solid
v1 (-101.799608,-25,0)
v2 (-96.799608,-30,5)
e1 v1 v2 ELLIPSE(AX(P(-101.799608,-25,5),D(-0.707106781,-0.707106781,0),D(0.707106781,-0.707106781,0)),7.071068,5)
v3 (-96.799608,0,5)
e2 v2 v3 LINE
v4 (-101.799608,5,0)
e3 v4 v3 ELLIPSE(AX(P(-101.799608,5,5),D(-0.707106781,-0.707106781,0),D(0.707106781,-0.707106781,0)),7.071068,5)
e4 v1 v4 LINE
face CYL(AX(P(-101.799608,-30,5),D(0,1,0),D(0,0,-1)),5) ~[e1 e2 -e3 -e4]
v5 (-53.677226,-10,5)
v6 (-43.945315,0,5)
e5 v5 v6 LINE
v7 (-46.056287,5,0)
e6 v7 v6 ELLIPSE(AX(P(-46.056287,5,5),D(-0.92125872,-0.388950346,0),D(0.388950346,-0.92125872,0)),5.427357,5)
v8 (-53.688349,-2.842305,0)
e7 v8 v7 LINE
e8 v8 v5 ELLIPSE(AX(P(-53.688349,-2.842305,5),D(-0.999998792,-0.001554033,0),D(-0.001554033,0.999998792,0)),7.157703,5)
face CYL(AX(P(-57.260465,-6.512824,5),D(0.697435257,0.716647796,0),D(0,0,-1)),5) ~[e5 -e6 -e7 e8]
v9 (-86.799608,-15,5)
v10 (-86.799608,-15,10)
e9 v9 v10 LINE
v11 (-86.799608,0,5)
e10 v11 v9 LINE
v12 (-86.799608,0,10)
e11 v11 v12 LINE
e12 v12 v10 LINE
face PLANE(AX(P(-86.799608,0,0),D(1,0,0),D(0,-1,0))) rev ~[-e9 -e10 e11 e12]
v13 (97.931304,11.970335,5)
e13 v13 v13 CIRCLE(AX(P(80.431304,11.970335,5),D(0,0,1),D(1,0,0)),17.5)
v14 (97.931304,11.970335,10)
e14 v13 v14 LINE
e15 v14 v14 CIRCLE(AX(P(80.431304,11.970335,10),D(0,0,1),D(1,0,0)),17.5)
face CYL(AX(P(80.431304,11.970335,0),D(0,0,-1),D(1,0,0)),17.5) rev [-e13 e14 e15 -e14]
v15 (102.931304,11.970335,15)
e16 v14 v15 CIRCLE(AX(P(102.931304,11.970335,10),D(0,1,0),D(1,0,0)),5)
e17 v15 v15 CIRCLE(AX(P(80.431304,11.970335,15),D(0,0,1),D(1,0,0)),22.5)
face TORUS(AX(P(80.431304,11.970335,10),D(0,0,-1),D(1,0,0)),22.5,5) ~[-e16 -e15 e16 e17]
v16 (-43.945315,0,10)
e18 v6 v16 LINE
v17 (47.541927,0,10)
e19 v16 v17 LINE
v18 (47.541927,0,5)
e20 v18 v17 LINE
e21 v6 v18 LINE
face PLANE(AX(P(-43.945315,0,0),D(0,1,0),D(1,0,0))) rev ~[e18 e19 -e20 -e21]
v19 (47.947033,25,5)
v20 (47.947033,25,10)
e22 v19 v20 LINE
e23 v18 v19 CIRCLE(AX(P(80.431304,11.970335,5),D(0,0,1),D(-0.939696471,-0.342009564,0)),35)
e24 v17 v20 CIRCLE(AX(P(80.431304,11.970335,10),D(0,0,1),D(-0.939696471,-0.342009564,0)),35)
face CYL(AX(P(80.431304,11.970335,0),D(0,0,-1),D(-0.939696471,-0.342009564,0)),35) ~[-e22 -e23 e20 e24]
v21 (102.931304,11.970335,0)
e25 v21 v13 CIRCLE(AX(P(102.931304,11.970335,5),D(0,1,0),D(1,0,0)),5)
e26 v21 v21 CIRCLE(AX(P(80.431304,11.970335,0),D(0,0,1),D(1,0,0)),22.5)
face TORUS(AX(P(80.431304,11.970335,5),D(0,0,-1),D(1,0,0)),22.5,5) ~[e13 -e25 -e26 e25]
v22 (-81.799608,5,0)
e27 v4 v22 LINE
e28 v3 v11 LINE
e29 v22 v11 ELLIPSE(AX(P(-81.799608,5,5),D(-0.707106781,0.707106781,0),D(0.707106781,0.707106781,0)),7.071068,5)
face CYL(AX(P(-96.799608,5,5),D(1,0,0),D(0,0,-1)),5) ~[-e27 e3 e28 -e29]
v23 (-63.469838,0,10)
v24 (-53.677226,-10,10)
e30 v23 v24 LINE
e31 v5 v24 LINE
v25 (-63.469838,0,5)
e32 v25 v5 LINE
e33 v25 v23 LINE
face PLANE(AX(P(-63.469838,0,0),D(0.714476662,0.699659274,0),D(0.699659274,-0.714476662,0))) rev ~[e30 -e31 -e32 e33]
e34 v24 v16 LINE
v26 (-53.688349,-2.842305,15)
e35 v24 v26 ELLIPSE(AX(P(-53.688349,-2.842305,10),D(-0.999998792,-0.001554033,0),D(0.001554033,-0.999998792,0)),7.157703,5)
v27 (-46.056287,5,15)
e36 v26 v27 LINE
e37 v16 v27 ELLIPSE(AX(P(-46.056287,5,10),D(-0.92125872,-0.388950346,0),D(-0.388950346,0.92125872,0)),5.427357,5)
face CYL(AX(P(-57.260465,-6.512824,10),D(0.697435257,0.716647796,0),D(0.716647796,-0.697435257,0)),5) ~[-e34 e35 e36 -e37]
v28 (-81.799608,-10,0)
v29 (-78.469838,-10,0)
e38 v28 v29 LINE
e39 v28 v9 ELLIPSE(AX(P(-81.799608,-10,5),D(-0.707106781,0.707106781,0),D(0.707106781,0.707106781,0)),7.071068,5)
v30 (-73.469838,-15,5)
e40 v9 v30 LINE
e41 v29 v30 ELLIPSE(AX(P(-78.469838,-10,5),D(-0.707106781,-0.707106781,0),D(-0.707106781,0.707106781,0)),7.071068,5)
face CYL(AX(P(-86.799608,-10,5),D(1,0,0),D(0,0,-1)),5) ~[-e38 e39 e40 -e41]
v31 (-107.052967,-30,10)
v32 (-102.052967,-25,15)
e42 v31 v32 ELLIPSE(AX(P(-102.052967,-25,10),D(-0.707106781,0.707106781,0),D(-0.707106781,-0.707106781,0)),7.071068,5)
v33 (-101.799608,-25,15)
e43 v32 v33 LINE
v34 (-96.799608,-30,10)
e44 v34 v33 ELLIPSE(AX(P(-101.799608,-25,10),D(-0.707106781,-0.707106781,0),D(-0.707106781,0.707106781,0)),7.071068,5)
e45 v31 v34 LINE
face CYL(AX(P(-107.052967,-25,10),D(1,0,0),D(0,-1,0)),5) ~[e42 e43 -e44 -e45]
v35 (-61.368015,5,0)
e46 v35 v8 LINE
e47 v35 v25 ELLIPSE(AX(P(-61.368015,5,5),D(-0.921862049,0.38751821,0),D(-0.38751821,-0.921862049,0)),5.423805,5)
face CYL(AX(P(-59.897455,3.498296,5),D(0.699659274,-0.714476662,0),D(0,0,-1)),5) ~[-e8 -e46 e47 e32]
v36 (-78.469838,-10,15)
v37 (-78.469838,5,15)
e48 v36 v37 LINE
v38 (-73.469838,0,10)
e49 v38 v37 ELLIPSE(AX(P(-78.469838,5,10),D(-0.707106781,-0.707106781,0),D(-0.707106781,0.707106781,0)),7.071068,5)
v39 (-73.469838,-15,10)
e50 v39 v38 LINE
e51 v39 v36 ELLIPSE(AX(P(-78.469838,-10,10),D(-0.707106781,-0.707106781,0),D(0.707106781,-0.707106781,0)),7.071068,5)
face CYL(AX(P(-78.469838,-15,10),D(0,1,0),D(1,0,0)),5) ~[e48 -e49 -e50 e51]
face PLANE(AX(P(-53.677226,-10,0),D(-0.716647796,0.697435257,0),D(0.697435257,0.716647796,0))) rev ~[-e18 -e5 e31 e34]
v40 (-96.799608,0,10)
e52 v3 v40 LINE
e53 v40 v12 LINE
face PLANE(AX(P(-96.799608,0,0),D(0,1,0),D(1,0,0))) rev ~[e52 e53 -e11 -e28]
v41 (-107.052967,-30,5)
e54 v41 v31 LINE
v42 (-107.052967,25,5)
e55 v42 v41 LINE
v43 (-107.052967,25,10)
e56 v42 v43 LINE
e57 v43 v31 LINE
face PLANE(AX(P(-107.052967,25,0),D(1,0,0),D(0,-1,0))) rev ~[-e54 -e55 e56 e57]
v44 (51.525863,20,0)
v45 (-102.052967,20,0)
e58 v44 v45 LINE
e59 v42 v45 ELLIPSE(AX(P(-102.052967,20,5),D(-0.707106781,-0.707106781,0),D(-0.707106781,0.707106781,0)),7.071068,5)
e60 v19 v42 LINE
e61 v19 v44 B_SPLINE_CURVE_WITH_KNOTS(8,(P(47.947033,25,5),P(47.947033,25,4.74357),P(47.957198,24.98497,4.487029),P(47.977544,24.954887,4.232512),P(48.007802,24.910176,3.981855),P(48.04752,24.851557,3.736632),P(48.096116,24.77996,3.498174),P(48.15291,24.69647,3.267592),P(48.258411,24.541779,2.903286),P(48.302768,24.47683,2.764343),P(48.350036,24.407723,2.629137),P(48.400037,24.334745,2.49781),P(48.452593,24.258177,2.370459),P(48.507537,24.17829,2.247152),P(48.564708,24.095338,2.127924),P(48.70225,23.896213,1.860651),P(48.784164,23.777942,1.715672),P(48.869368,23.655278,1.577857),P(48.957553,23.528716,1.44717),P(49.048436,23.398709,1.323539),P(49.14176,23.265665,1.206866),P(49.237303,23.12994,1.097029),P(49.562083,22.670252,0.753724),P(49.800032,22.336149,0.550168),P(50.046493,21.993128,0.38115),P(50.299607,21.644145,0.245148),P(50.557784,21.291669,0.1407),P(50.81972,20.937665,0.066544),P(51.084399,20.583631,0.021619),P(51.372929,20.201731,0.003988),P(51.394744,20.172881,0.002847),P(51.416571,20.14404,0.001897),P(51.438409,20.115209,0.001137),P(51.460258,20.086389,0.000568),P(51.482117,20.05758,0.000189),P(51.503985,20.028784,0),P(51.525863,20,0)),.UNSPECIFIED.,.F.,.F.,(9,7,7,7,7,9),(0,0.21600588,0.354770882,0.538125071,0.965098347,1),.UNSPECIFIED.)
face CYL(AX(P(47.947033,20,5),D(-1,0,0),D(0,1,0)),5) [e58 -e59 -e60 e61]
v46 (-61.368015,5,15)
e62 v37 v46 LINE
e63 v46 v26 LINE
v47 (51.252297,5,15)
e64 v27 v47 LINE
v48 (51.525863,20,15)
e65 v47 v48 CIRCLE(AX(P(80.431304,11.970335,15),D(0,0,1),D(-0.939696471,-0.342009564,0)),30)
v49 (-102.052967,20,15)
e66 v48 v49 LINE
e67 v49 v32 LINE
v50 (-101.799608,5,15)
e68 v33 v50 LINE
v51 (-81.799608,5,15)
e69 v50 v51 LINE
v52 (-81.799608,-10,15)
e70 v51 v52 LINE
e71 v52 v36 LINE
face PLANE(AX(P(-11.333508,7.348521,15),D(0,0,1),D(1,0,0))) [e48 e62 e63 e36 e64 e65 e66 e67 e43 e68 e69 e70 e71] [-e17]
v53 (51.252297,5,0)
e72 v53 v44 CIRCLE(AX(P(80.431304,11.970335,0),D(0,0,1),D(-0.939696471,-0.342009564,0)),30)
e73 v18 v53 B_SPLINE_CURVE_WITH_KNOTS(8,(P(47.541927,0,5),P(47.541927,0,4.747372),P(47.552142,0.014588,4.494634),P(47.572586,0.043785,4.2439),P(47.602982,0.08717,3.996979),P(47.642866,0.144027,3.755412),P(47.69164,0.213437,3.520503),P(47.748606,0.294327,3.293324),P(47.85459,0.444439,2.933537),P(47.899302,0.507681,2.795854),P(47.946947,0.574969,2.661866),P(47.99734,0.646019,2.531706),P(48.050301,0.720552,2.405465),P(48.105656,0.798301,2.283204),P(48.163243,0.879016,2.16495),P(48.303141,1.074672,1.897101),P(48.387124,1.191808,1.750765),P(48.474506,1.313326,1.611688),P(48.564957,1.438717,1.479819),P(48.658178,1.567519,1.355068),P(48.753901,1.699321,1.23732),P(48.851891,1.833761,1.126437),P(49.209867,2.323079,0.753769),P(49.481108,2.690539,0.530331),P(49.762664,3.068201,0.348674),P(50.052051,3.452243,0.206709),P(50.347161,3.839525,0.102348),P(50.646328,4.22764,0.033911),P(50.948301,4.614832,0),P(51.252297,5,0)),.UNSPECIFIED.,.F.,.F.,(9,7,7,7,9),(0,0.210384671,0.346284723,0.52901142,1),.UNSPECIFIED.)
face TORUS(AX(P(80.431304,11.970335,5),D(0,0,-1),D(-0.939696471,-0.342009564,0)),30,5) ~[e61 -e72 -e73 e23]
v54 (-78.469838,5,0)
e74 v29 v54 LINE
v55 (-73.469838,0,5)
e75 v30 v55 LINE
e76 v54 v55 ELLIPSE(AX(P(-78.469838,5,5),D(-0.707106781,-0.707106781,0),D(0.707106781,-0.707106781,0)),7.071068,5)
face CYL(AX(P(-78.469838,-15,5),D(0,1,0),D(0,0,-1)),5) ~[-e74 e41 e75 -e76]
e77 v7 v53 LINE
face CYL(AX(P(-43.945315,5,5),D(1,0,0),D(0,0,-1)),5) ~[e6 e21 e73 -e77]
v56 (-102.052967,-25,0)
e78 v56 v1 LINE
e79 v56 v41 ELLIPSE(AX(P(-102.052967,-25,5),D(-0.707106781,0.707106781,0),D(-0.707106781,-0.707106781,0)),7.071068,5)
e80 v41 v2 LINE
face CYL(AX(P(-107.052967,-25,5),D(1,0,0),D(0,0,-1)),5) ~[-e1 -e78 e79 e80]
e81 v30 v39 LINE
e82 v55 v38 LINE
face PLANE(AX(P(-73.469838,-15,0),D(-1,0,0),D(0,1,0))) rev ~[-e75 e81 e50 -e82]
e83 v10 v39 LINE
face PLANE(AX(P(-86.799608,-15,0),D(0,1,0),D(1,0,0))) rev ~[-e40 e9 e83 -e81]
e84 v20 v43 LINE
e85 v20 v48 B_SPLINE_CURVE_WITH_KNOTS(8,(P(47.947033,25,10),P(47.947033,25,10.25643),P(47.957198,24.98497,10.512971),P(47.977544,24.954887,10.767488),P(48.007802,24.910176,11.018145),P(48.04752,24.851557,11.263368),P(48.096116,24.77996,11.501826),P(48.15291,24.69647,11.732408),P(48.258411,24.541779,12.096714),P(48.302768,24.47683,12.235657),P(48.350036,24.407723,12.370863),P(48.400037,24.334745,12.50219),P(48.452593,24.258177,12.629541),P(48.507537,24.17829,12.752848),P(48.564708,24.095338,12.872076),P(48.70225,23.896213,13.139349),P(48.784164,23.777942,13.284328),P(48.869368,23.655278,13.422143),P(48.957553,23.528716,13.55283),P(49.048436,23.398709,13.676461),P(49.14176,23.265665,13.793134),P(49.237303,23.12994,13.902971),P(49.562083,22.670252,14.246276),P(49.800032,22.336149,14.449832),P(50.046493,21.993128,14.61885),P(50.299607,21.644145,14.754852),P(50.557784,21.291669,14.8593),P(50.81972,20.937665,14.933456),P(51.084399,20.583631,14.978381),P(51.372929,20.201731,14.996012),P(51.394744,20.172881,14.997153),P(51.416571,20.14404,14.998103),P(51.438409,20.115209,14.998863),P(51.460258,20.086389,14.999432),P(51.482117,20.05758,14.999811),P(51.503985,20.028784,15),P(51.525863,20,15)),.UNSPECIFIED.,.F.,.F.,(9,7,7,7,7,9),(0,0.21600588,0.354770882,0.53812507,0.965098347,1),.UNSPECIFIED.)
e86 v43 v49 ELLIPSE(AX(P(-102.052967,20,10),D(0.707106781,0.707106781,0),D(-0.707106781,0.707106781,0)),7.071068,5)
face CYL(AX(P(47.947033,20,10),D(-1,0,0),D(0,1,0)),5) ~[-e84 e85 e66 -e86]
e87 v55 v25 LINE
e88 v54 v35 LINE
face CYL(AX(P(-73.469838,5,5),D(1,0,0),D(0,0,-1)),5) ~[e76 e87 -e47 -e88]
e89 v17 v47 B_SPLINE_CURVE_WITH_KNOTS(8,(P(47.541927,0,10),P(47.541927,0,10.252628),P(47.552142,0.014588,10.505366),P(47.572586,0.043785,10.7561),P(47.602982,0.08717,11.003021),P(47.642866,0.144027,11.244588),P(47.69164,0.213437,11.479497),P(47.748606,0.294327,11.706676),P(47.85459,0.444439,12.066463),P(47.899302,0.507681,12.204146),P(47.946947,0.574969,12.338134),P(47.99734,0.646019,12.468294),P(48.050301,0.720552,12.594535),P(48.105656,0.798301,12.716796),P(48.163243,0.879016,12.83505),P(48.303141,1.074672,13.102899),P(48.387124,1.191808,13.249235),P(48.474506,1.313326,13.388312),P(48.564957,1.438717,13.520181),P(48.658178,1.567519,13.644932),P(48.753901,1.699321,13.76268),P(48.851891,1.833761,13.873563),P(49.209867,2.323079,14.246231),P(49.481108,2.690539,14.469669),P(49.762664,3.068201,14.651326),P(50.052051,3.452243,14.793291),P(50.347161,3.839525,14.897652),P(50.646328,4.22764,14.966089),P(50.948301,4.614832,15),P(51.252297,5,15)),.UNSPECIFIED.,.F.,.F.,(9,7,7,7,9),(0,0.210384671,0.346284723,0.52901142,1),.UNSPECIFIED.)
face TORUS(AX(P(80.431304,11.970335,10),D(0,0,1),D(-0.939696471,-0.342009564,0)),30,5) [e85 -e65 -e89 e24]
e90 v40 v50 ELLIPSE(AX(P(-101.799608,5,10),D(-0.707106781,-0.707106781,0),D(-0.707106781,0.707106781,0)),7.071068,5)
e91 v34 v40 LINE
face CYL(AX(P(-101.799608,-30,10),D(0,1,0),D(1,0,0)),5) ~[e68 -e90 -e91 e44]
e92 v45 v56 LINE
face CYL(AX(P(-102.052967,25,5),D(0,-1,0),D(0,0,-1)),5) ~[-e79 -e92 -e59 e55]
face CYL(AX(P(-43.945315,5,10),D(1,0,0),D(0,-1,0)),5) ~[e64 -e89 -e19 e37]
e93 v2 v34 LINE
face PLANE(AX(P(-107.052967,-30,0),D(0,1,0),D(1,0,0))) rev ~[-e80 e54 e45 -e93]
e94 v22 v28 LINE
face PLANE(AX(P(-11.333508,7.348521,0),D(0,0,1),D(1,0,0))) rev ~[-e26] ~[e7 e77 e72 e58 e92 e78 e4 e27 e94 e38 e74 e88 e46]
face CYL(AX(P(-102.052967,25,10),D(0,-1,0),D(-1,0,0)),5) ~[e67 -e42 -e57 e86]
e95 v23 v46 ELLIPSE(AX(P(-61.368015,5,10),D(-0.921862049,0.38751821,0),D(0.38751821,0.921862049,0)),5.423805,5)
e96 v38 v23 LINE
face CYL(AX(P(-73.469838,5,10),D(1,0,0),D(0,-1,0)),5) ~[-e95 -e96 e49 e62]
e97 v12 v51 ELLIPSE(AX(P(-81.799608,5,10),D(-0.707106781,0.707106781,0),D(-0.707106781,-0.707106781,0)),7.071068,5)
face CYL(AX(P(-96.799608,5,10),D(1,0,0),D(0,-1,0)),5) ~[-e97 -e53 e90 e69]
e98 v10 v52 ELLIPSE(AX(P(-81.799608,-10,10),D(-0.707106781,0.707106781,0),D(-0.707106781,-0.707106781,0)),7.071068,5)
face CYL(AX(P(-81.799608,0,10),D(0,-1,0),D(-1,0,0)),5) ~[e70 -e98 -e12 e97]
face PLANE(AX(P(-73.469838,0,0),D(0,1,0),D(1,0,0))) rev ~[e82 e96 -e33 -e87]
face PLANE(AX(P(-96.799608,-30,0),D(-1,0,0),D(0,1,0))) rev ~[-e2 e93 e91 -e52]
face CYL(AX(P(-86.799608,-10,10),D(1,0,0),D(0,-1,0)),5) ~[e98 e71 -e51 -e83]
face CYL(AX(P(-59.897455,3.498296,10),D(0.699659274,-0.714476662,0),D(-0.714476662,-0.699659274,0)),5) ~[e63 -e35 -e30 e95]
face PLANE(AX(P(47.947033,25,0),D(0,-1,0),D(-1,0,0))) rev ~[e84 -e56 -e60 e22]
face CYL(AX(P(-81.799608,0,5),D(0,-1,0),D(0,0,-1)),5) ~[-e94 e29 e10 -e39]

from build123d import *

# Parameters (mm, degrees)
F0_R     = 17.5
F1_DEPTH = 15
F2_R     = 5
F3_R     = 5


with BuildPart() as f1:
    # F0 (on Top) → F1 (new body)
    with BuildSketch(Plane.XY):
        with BuildLine():
            Line((47.947033, 25), (-107.052967, 25))
            Line((-107.052967, 25), (-107.052967, 0))
            Line((-107.052967, 0), (-107.052967, -30))
            Line((-107.052967, -30), (-96.799608, -30))
            Line((-96.799608, -30), (-96.799608, 0))
            Line((-96.799608, 0), (-86.799608, 0))
            Line((-86.799608, 0), (-86.799608, -15))
            Line((-86.799608, -15), (-73.469838, -15))
            Line((-73.469838, -15), (-73.469838, 0))
            Line((-73.469838, 0), (-63.469838, 0))
            Line((-63.469838, 0), (-53.677226, -10))
            Line((-53.677226, -10), (-43.945315, 0))
            Line((-43.945315, 0), (47.541927, 0))
            ThreePointArc((47.541927, 0), (115.42671, 11.403261), (47.947033, 25))
        make_face()
        with Locations((80.431304, 11.970335)):
            Circle(F0_R, mode=Mode.SUBTRACT)
    extrude(amount=F1_DEPTH)

    # F2
    f2_edges = [f1.edges().sort_by_distance(p)[0] for p in [
        (-29.552967, 25, 15),
        (-107.052967, -2.5, 15),
        (-96.799608, -15, 15),
        (-101.926287, -30, 15),
        (-86.799608, -7.5, 15),
        (-80.134723, -15, 15),
        (-73.469838, -7.5, 15),
        (-68.469838, 0, 15),
        (-91.799608, 0, 15),
        (-58.573532, -5, 15),
        (-48.81127, -5, 15),
        (1.798306, 0, 15),
        (115.42671, 11.403261, 15),
        (62.931304, 11.970335, 15),
    ]]
    fillet(f2_edges, radius=F2_R)

    # F3
    f3_edges = [f1.edges().sort_by_distance(p)[0] for p in [
        (115.42671, 11.403261, 0),
        (1.798306, 0, 0),
        (-48.81127, -5, 0),
        (-58.573532, -5, 0),
        (-68.469838, 0, 0),
        (-73.469838, -7.5, 0),
        (-80.134723, -15, 0),
        (-91.799608, 0, 0),
        (-29.552967, 25, 0),
        (-107.052967, -2.5, 0),
        (-101.926287, -30, 0),
        (-96.799608, -15, 0),
        (-86.799608, -7.5, 0),
        (62.931304, 11.970335, 0),
    ]]
    fillet(f3_edges, radius=F3_R)


solid = f1.part
